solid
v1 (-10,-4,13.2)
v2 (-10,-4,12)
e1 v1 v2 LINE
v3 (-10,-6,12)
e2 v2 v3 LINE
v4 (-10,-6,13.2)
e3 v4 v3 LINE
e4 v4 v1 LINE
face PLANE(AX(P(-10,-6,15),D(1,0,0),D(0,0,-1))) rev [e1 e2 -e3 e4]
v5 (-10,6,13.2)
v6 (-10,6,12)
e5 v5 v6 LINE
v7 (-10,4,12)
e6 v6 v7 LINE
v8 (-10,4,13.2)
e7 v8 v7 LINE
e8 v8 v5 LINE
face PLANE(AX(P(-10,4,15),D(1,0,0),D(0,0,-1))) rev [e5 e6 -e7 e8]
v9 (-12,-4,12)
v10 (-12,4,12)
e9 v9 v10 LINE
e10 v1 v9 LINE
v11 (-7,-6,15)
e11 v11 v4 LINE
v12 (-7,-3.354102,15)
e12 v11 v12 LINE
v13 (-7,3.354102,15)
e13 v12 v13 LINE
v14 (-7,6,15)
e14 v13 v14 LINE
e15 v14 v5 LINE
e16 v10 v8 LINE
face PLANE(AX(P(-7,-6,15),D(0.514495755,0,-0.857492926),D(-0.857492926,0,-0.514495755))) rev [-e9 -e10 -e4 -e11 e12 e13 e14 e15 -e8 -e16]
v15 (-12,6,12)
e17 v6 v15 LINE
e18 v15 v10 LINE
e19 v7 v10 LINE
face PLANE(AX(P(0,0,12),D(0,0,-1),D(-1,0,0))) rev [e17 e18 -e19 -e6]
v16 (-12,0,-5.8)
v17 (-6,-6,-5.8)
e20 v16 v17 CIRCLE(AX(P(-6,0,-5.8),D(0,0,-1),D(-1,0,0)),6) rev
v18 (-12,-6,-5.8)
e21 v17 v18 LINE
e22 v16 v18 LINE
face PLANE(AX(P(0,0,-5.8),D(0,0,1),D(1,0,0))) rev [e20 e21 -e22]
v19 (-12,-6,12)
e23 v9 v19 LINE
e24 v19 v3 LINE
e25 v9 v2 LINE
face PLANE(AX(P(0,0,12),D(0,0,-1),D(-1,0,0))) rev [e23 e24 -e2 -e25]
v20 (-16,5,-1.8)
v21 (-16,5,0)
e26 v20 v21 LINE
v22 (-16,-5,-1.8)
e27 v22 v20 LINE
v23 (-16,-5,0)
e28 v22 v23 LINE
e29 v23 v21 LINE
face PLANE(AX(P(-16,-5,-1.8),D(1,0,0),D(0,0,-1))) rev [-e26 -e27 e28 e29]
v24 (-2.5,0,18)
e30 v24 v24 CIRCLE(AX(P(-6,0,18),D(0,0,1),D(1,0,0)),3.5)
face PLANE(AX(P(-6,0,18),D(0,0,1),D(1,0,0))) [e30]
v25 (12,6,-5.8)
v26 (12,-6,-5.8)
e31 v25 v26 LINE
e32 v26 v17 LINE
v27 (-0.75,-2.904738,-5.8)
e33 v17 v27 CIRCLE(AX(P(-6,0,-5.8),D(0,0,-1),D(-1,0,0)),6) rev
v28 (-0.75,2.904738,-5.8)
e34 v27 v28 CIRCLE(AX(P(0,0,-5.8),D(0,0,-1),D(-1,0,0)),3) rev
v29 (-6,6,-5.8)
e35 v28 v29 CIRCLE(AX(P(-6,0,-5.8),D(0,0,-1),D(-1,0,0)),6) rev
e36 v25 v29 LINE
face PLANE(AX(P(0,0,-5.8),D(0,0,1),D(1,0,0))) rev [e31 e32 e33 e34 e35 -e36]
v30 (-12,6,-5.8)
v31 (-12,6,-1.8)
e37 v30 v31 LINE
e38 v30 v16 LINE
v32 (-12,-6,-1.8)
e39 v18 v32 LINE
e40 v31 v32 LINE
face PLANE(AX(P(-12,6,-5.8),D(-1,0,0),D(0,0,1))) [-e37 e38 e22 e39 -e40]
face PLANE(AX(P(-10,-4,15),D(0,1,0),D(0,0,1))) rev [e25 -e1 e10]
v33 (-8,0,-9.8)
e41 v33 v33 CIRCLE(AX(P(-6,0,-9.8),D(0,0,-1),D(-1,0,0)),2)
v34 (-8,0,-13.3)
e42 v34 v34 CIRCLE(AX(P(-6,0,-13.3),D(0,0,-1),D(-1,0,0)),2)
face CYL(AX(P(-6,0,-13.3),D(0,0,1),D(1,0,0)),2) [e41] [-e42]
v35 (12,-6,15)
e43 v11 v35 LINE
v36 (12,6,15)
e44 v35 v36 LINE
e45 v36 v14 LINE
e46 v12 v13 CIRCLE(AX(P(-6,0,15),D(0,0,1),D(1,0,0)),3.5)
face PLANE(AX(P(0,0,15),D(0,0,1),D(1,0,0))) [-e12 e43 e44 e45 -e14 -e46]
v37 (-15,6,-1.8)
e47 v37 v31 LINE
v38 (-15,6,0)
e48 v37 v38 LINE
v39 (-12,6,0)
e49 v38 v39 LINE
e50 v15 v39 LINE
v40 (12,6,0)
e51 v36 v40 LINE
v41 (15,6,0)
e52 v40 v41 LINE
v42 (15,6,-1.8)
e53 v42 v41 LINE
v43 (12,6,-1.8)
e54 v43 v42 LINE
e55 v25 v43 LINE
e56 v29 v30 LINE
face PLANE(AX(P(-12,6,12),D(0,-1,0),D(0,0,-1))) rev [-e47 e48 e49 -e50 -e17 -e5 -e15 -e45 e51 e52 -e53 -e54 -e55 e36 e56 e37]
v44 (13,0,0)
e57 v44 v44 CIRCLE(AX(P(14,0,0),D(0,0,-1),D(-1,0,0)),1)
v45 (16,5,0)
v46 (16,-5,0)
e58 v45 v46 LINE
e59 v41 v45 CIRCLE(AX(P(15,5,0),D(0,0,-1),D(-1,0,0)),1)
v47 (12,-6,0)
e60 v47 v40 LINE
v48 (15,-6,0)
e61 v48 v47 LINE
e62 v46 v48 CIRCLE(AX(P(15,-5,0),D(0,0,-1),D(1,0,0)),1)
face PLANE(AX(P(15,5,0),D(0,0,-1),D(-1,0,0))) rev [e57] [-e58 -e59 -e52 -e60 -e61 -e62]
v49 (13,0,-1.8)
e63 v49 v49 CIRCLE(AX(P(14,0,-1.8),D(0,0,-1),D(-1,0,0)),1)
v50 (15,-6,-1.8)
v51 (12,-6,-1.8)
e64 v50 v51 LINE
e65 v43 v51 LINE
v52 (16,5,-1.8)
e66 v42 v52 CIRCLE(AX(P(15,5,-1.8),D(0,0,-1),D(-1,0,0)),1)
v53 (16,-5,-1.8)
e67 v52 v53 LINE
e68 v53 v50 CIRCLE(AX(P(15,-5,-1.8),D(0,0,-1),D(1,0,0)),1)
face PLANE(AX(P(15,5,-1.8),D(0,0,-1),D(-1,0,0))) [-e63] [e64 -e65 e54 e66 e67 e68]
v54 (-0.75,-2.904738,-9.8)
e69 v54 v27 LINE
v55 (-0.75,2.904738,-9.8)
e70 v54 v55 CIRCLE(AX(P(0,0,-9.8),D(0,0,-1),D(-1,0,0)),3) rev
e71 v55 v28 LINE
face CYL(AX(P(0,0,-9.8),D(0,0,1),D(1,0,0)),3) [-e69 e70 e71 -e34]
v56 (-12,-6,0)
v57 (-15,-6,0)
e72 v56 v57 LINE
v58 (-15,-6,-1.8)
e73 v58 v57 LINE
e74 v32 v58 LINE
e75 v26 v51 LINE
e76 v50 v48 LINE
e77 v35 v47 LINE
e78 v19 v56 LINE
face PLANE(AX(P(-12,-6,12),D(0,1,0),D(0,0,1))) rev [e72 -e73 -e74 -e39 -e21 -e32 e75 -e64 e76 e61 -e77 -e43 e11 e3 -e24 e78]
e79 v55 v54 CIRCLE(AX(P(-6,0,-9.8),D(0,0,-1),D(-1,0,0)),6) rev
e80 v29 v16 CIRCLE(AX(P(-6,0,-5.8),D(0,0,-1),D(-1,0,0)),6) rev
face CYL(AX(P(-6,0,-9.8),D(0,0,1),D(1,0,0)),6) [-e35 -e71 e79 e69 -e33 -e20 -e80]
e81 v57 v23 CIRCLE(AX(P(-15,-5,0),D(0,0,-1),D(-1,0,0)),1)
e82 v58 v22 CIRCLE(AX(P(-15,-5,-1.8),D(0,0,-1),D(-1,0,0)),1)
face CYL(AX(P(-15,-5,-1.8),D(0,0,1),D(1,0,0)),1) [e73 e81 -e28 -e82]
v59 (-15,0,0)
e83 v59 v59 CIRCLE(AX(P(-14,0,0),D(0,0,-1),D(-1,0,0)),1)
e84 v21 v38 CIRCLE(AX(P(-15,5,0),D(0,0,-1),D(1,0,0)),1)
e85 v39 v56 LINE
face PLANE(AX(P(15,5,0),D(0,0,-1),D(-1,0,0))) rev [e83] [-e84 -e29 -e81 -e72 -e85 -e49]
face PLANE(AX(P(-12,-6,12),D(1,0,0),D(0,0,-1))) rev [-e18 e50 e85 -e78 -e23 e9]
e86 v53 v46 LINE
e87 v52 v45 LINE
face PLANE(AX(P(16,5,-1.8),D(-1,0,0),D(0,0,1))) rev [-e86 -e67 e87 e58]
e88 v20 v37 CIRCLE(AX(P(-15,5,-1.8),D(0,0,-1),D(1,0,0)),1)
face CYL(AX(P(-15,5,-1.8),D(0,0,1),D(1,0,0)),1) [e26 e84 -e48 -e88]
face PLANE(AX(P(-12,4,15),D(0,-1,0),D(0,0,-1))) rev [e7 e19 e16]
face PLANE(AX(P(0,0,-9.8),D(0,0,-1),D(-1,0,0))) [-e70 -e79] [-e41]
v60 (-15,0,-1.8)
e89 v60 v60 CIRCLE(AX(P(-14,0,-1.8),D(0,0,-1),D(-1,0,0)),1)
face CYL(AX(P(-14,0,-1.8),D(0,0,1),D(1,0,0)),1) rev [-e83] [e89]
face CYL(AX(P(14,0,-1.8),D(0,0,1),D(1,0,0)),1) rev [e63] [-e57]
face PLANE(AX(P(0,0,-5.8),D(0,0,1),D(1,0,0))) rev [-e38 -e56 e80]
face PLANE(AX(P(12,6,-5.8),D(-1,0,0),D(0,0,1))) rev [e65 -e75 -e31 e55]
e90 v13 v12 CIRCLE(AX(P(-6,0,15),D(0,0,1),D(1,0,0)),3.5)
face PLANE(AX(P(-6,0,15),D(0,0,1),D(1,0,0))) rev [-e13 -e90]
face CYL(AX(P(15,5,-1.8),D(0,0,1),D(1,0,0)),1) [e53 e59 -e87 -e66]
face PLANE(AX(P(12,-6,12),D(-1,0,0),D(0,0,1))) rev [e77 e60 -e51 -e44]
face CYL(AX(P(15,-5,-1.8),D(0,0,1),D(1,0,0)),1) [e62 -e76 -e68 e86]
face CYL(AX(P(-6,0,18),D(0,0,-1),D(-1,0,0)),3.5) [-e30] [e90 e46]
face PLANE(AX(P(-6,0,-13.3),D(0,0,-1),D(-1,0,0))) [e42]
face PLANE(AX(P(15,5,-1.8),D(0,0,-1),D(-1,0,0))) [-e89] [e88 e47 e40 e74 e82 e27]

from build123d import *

# Parameters (mm, degrees)
SKETCH_1_W          = 24
SKETCH_1_H          = 12
EXTRUDE_1_DEPTH     = 12
SKETCH_2_R          = 1
EXTRUDE_2_DEPTH     = 1.8
SKETCH_3_W          = 24
SKETCH_3_H          = 12
EXTRUDE_3_DEPTH     = 4
EXTRUDE_4_DEPTH     = 4
SKETCH_5_R          = 2
EXTRUDE_5_DEPTH     = 3.5
EXTRUDE_6_DEPTH     = 3
CUT_EXTRUDE_1_DEPTH = 12
SKETCH_9_R          = 3.5
EXTRUDE_7_DEPTH     = 3


with BuildPart() as part:
    # Эскиз1 → Бобышка-Вытянуть1 (new body)
    with BuildSketch(Plane.XY):
        Rectangle(SKETCH_1_W, SKETCH_1_H)
    extrude(amount=EXTRUDE_1_DEPTH)

    # Эскиз2 → Бобышка-Вытянуть2 (add)
    with BuildSketch(Plane(origin=(0, 0, 0), x_dir=(-1, 0, 0), z_dir=(0, 0, -1))):
        with BuildLine():
            Line((12, 6), (15, 6))
            ThreePointArc((15, 6), (15.707106781, 5.707106781), (16, 5))
            Line((16, 5), (16, -5))
            ThreePointArc((16, -5), (15.707106781, -5.707106781), (15, -6))
            Line((15, -6), (12, -6))
            Line((12, -6), (-12, -6))
            Line((-12, -6), (-15, -6))
            ThreePointArc((-15, -6), (-15.707106781, -5.707106781), (-16, -5))
            Line((-16, -5), (-16, 5))
            ThreePointArc((-16, 5), (-15.707106781, 5.707106781), (-15, 6))
            Line((-15, 6), (-12, 6))
            Line((-12, 6), (12, 6))
        make_face()
        with Locations((14, 0)):
            Circle(SKETCH_2_R, mode=Mode.SUBTRACT)
        with Locations((-14, 0)):
            Circle(SKETCH_2_R, mode=Mode.SUBTRACT)
    extrude(amount=EXTRUDE_2_DEPTH)

    # Эскиз3 → Бобышка-Вытянуть3 (add)
    with BuildSketch(Plane(origin=(0, 0, -1.8), x_dir=(-1, 0, 0), z_dir=(0, 0, -1))):
        Rectangle(SKETCH_3_W, SKETCH_3_H)
    extrude(amount=EXTRUDE_3_DEPTH)

    # Эскиз4 → Бобышка-Вытянуть4 (add)
    with BuildSketch(Plane(origin=(0, 0, -5.8), x_dir=(-1, 0, 0), z_dir=(0, 0, -1))):
        with BuildLine():
            ThreePointArc((0.75, 2.90473751), (12, 0), (0.75, -2.90473751))
            ThreePointArc((0.75, -2.90473751), (-3, 0), (0.75, 2.90473751))
        make_face()
    extrude(amount=EXTRUDE_4_DEPTH)

    # Эскиз5 → Бобышка-Вытянуть5 (add)
    with BuildSketch(Plane(origin=(0, 0, -9.8), x_dir=(-1, 0, 0), z_dir=(0, 0, -1))):
        with Locations((6, 0)):
            Circle(SKETCH_5_R)
    extrude(amount=EXTRUDE_5_DEPTH)

    # Эскиз6 → Бобышка-Вытянуть6 (add)
    with BuildSketch(Plane.XY.offset(12)):
        Polygon((12, -6), (12, 6), (-10, 6), (-10, 4), (-12, 4), (-12, -4), (-10, -4), (-10, -6), align=None)
    extrude(amount=EXTRUDE_6_DEPTH)

    # Эскиз8 → Вырез-Вытянуть1 (cut)
    with BuildSketch(Plane(origin=(0, 6, 0), x_dir=(1, 0, 0), z_dir=(0, 1, 0))):
        Polygon((-7, -15), (-12, -12), (-12, -15), align=None)
    extrude(amount=-CUT_EXTRUDE_1_DEPTH, mode=Mode.SUBTRACT)

    # Эскиз9 → Бобышка-Вытянуть7 (add)
    with BuildSketch(Plane.XY.offset(15)):
        with Locations(Location((-6, 0, 0), (0, 0, 253.398450401))):
            Circle(SKETCH_9_R)
    extrude(amount=EXTRUDE_7_DEPTH)


solid = part.part
